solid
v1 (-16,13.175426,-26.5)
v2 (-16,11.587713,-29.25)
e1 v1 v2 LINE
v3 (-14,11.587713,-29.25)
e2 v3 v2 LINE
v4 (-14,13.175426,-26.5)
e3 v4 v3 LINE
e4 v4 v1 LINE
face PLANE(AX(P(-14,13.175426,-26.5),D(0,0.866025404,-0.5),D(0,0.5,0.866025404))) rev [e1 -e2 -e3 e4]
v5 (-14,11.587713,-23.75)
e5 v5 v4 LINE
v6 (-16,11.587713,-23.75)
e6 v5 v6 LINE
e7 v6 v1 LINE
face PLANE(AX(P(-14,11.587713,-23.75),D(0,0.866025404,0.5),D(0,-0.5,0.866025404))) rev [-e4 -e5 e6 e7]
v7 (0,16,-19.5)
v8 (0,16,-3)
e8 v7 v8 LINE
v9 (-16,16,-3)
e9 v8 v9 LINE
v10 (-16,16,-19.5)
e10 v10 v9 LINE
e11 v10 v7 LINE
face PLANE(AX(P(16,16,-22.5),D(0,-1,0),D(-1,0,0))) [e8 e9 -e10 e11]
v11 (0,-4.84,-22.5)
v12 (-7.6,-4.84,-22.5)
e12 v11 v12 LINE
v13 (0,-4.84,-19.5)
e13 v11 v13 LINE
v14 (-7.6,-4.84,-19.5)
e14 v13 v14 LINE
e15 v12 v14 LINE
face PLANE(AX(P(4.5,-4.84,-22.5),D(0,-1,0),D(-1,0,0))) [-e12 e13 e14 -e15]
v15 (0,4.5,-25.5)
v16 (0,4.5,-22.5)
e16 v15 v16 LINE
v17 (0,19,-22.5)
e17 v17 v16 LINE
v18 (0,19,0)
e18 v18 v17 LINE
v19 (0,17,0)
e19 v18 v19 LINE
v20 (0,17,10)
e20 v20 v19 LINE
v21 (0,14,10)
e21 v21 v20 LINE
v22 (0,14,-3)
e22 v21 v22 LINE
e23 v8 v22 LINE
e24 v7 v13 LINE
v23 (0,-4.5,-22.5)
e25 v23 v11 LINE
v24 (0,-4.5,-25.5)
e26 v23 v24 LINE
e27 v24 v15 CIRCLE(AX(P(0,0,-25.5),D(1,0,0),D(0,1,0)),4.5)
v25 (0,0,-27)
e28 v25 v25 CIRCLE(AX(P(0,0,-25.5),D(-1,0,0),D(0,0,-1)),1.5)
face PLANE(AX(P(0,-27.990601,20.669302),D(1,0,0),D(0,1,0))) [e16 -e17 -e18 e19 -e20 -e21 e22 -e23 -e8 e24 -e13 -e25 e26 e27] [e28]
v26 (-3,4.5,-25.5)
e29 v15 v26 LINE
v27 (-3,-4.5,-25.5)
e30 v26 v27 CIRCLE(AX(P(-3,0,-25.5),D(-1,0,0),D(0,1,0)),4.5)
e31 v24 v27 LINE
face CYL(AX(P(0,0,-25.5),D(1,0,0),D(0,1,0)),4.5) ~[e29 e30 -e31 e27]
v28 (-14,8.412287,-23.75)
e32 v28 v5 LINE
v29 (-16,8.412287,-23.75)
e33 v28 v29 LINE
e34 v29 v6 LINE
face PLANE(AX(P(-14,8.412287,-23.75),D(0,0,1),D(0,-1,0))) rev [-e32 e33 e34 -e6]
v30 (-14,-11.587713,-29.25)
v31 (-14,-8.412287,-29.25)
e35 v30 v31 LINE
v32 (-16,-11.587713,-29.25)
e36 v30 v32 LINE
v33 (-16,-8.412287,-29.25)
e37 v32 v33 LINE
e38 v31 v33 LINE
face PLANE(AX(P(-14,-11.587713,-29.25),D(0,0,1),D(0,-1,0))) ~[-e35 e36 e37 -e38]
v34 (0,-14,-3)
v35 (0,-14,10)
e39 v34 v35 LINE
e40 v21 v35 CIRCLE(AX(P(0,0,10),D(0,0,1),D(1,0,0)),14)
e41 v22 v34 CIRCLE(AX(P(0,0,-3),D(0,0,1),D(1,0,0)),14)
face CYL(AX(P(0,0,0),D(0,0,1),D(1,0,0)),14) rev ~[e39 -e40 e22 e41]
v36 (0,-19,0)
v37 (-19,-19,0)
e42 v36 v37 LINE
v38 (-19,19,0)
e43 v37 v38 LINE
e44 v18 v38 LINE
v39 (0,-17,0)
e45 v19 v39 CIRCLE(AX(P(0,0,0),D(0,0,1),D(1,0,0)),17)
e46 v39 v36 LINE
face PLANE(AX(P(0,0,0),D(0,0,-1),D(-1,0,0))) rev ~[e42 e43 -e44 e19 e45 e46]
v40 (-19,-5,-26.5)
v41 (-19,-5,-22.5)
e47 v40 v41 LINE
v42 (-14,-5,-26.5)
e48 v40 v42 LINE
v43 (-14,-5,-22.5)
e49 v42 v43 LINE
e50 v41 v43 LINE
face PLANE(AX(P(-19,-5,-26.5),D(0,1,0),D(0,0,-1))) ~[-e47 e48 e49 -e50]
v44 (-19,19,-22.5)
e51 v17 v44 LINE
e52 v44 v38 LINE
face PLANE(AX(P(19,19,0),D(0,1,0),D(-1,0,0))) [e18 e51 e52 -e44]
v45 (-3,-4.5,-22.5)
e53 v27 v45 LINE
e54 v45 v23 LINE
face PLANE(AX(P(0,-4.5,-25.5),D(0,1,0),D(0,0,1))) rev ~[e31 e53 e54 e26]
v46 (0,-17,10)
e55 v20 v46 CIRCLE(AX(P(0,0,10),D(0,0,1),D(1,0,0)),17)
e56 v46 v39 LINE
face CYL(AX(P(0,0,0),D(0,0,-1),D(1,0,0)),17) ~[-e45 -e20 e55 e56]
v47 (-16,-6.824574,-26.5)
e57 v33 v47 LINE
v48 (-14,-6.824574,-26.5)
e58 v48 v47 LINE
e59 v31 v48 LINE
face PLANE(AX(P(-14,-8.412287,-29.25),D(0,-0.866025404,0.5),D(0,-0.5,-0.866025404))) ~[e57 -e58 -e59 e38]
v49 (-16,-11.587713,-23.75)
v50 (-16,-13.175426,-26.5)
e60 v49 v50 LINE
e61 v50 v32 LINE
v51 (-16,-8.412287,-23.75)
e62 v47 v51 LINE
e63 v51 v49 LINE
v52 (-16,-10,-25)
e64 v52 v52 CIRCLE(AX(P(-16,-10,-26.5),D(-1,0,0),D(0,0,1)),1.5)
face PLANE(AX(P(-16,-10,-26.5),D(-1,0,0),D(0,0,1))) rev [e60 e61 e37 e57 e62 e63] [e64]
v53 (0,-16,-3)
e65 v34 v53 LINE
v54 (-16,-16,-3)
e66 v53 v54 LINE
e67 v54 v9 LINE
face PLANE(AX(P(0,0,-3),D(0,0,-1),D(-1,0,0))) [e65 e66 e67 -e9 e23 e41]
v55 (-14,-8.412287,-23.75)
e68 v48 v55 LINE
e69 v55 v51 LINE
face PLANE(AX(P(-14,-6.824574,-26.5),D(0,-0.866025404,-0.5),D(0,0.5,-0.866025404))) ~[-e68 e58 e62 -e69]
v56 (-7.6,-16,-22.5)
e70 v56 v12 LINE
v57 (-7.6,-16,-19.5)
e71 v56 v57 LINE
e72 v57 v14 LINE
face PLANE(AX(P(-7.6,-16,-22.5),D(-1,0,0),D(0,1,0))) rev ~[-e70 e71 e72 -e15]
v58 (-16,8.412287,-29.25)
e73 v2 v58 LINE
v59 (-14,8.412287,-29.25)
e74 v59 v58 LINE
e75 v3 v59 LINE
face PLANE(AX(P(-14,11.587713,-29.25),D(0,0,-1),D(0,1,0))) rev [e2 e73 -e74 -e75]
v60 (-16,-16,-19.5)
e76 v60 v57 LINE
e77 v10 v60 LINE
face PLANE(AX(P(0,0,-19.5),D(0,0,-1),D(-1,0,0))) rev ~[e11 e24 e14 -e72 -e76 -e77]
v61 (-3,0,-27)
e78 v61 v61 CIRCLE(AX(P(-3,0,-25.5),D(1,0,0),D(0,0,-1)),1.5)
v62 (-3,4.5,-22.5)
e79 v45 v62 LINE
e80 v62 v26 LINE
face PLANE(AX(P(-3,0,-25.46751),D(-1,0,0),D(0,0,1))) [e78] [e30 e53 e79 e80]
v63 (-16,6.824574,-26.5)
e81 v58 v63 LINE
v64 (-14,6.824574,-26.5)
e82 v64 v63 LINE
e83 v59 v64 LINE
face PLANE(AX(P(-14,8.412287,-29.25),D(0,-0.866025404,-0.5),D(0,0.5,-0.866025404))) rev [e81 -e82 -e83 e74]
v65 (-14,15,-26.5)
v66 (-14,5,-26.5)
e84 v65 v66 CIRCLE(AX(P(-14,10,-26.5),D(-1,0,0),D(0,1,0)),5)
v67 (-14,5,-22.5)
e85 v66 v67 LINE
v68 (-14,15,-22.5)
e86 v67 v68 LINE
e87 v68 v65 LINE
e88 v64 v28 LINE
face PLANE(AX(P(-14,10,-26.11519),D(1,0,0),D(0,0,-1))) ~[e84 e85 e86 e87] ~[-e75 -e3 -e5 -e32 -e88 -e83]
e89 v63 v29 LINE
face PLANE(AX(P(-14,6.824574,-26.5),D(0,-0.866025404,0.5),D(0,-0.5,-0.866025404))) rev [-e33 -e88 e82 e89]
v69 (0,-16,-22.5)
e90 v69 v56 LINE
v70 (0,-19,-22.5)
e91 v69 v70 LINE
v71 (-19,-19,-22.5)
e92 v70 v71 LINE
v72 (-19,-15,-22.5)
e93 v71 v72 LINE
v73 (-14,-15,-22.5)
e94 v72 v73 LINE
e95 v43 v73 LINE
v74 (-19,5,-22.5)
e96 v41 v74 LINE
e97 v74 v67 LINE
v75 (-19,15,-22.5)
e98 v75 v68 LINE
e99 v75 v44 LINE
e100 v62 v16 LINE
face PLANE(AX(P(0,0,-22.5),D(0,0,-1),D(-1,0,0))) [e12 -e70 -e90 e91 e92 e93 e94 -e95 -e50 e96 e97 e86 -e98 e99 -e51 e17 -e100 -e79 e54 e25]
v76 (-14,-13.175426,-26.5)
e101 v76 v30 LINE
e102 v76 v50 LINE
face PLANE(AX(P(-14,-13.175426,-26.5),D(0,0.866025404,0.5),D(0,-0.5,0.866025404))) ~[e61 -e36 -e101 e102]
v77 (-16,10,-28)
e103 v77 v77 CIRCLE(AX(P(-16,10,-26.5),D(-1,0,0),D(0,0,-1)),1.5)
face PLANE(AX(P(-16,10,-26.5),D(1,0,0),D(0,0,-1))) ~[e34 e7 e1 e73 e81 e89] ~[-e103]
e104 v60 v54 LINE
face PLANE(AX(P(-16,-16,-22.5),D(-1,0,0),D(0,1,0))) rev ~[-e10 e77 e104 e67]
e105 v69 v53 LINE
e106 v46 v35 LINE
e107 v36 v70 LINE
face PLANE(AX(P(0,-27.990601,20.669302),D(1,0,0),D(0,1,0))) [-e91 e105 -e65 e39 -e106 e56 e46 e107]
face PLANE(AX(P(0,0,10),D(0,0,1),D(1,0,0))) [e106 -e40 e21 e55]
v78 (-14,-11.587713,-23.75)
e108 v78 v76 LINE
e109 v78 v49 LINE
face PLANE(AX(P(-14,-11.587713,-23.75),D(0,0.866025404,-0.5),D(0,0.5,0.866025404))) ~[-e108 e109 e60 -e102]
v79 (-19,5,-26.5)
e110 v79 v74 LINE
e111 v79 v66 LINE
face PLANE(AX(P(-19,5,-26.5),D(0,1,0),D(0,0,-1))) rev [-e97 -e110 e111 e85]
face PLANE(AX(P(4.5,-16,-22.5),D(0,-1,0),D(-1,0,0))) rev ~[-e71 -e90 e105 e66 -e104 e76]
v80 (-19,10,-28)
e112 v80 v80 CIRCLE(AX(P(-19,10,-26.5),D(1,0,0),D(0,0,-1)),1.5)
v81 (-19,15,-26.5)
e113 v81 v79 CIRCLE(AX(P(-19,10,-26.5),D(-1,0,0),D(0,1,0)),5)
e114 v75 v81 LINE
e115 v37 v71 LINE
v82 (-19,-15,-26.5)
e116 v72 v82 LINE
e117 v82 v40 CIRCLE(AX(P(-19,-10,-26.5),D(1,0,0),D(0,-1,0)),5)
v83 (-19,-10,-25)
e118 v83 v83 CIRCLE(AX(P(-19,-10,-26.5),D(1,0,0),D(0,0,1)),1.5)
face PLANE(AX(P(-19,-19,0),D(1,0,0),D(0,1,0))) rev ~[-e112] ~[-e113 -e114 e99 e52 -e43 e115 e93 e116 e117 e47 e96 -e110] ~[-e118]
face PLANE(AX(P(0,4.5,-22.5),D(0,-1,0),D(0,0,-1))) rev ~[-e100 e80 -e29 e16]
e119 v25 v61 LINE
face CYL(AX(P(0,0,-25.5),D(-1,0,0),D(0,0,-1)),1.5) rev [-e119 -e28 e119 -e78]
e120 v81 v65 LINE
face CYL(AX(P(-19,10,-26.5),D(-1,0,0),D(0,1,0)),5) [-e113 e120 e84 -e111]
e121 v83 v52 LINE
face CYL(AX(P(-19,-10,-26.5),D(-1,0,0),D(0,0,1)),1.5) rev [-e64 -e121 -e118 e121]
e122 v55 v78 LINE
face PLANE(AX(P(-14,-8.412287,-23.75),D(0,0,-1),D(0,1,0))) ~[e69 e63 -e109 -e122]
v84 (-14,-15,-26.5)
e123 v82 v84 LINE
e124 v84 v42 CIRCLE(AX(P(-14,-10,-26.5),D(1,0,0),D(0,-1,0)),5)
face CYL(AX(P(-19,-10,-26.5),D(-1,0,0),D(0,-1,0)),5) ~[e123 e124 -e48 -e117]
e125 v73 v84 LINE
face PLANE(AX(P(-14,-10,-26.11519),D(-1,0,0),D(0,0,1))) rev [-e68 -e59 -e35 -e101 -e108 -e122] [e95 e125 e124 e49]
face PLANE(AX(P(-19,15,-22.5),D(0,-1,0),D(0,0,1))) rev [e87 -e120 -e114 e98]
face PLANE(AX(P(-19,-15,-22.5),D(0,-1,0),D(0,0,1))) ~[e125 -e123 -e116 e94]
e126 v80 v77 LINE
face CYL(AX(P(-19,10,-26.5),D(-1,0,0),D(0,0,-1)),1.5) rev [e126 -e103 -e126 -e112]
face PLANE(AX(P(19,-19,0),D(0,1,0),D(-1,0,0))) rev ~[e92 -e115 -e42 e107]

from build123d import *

# Parameters (mm, degrees)
SKETCH_1_R               = 17
SKETCH_1_R_2             = 14
EXTRUDE_1_DEPTH          = 10
SKETCH_2_W               = 38
SKETCH_2_H               = 38
EXTRUDE_2_DEPTH          = 22.5
SKETCH_3_W               = 32
SKETCH_3_H               = 32
CUT_EXTRUDE_1_DEPTH      = 19.5
SKETCH_4_R               = 14
CUT_EXTRUDE_2_DEPTH      = 36.046397818
SKETCH_5_W               = 38
SKETCH_5_H               = 38
SKETCH_5_W_2             = 12.1
SKETCH_5_H_2             = 11.16
EXTRUDE_3_DEPTH          = 3
SKETCH_6_R               = 1.5
EXTRUDE_4_DEPTH          = 3
SKETCH_7_R               = 1.5
EXTRUDE_5_DEPTH          = 5
CUT_EXTRUDE_3_DEPTH      = 2
CUT_EXTRUDE_5_DEPTH      = 43.16930163
CUT_EXTRUDE_5_DEPTH_BACK = 43.16930163
SKETCH_9_W               = 32.496021676
SKETCH_9_H               = 55.588041179


with BuildPart() as part:
    # 草图1 → 凸台-拉伸1 (new body)
    with BuildSketch(Plane.XY):
        Circle(SKETCH_1_R)
        Circle(SKETCH_1_R_2, mode=Mode.SUBTRACT)
    extrude(amount=EXTRUDE_1_DEPTH)

    # 草图2 → 凸台-拉伸2 (add)
    with BuildSketch(Plane(origin=(0, 0, 0), x_dir=(-1, 0, 0), z_dir=(0, 0, -1))):
        Rectangle(SKETCH_2_W, SKETCH_2_H)
    extrude(amount=EXTRUDE_2_DEPTH)

    # 草图3 → 切除-拉伸1 (cut)
    with BuildSketch(Plane(origin=(0, 0, -22.5), x_dir=(-1, 0, 0), z_dir=(0, 0, -1))):
        Rectangle(SKETCH_3_W, SKETCH_3_H)
    extrude(amount=-CUT_EXTRUDE_1_DEPTH, mode=Mode.SUBTRACT)

    # 草图4 → 切除-拉伸2 (cut, through all)
    with BuildSketch(Plane.XY):
        Circle(SKETCH_4_R)
    extrude(amount=-CUT_EXTRUDE_2_DEPTH, mode=Mode.SUBTRACT)

    # 草图5 → 凸台-拉伸3 (add)
    with BuildSketch(Plane(origin=(0, 0, -22.5), x_dir=(-1, 0, 0), z_dir=(0, 0, -1))):
        Rectangle(SKETCH_5_W, SKETCH_5_H)
        with Locations((1.55, -10.42)):
            Rectangle(SKETCH_5_W_2, SKETCH_5_H_2, mode=Mode.SUBTRACT)
    extrude(amount=-EXTRUDE_3_DEPTH)

    # 草图6 → 凸台-拉伸4 (add, symmetric)
    with BuildSketch(Plane(origin=(0, 0, 0), x_dir=(0, 0, -1), z_dir=(1, 0, 0))):
        with BuildLine():
            Line((22.5, 4.5), (25.5, 4.5))
            ThreePointArc((25.5, 4.5), (30, 0), (25.5, -4.5))
            Line((25.5, -4.5), (22.5, -4.5))
            Line((22.5, -4.5), (22.5, 4.5))
        make_face()
        with Locations((25.5, 0)):
            Circle(SKETCH_6_R, mode=Mode.SUBTRACT)
    extrude(amount=EXTRUDE_4_DEPTH, both=True)

    # 草图7 → 凸台-拉伸5 (add)
    # profile 1 of 2: a face of its own
    with BuildSketch(Plane(origin=(19, 0, 0), x_dir=(0, 0, -1), z_dir=(1, 0, 0))):
        with BuildLine():
            Line((22.5, 15), (26.5, 15))
            ThreePointArc((26.5, 15), (31.5, 10), (26.5, 5))
            Line((26.5, 5), (22.5, 5))
            Line((22.5, 5), (22.5, 15))
        make_face()
        with Locations((26.5, 10)):
            Circle(SKETCH_7_R, mode=Mode.SUBTRACT)
    # profile 2 of 2: a face of its own
    with BuildSketch(Plane(origin=(19, 0, 0), x_dir=(0, 0, -1), z_dir=(1, 0, 0))):
        with BuildLine():
            Line((22.5, -5), (22.5, -15))
            Line((22.5, -15), (26.5, -15))
            ThreePointArc((26.5, -15), (31.5, -10), (26.5, -5))
            Line((26.5, -5), (22.5, -5))
        make_face()
        with Locations(Location((26.5, -10, 0), (0, 0, 180))):
            Circle(SKETCH_7_R, mode=Mode.SUBTRACT)
    extrude_5 = extrude(amount=-EXTRUDE_5_DEPTH)

    # 草图8 → 切除-拉伸3 (cut)
    with BuildSketch(Plane.ZY.offset(-14)):
        Polygon((-26.5, 6.824573519), (-23.75, 8.41228676), (-23.75, 11.58771324), (-26.5, 13.175426481), (-29.25, 11.58771324), (-29.25, 8.41228676), align=None)
        Polygon((-29.25, -8.41228676), (-26.5, -6.824573519), (-23.75, -8.41228676), (-23.75, -11.58771324), (-26.5, -13.175426481), (-29.25, -11.58771324), align=None)
    cut_extrude_3 = extrude(amount=-CUT_EXTRUDE_3_DEPTH, mode=Mode.SUBTRACT)

    # 镜向1: 凸台-拉伸5, 切除-拉伸3 across plane
    add(extrude_5.mirror(Plane(origin=(0, 0, 0), x_dir=(0, 0, 1), z_dir=(1, 0, 0))))
    add(cut_extrude_3.mirror(Plane(origin=(0, 0, 0), x_dir=(0, 0, 1), z_dir=(1, 0, 0))), mode=Mode.SUBTRACT)

    # 草图9 → 切除-拉伸5 (cut, two sides: drawn at the far end of the back side and taken through both)
    with BuildSketch(Plane(origin=(0, 0, -22.5), x_dir=(-1, 0, 0), z_dir=(0, 0, -1)).offset(-CUT_EXTRUDE_5_DEPTH_BACK)):
        with Locations((-16.248010838, -0.196580563)):
            Rectangle(SKETCH_9_W, SKETCH_9_H)
    extrude(amount=CUT_EXTRUDE_5_DEPTH + CUT_EXTRUDE_5_DEPTH_BACK, mode=Mode.SUBTRACT)


solid = part.part
